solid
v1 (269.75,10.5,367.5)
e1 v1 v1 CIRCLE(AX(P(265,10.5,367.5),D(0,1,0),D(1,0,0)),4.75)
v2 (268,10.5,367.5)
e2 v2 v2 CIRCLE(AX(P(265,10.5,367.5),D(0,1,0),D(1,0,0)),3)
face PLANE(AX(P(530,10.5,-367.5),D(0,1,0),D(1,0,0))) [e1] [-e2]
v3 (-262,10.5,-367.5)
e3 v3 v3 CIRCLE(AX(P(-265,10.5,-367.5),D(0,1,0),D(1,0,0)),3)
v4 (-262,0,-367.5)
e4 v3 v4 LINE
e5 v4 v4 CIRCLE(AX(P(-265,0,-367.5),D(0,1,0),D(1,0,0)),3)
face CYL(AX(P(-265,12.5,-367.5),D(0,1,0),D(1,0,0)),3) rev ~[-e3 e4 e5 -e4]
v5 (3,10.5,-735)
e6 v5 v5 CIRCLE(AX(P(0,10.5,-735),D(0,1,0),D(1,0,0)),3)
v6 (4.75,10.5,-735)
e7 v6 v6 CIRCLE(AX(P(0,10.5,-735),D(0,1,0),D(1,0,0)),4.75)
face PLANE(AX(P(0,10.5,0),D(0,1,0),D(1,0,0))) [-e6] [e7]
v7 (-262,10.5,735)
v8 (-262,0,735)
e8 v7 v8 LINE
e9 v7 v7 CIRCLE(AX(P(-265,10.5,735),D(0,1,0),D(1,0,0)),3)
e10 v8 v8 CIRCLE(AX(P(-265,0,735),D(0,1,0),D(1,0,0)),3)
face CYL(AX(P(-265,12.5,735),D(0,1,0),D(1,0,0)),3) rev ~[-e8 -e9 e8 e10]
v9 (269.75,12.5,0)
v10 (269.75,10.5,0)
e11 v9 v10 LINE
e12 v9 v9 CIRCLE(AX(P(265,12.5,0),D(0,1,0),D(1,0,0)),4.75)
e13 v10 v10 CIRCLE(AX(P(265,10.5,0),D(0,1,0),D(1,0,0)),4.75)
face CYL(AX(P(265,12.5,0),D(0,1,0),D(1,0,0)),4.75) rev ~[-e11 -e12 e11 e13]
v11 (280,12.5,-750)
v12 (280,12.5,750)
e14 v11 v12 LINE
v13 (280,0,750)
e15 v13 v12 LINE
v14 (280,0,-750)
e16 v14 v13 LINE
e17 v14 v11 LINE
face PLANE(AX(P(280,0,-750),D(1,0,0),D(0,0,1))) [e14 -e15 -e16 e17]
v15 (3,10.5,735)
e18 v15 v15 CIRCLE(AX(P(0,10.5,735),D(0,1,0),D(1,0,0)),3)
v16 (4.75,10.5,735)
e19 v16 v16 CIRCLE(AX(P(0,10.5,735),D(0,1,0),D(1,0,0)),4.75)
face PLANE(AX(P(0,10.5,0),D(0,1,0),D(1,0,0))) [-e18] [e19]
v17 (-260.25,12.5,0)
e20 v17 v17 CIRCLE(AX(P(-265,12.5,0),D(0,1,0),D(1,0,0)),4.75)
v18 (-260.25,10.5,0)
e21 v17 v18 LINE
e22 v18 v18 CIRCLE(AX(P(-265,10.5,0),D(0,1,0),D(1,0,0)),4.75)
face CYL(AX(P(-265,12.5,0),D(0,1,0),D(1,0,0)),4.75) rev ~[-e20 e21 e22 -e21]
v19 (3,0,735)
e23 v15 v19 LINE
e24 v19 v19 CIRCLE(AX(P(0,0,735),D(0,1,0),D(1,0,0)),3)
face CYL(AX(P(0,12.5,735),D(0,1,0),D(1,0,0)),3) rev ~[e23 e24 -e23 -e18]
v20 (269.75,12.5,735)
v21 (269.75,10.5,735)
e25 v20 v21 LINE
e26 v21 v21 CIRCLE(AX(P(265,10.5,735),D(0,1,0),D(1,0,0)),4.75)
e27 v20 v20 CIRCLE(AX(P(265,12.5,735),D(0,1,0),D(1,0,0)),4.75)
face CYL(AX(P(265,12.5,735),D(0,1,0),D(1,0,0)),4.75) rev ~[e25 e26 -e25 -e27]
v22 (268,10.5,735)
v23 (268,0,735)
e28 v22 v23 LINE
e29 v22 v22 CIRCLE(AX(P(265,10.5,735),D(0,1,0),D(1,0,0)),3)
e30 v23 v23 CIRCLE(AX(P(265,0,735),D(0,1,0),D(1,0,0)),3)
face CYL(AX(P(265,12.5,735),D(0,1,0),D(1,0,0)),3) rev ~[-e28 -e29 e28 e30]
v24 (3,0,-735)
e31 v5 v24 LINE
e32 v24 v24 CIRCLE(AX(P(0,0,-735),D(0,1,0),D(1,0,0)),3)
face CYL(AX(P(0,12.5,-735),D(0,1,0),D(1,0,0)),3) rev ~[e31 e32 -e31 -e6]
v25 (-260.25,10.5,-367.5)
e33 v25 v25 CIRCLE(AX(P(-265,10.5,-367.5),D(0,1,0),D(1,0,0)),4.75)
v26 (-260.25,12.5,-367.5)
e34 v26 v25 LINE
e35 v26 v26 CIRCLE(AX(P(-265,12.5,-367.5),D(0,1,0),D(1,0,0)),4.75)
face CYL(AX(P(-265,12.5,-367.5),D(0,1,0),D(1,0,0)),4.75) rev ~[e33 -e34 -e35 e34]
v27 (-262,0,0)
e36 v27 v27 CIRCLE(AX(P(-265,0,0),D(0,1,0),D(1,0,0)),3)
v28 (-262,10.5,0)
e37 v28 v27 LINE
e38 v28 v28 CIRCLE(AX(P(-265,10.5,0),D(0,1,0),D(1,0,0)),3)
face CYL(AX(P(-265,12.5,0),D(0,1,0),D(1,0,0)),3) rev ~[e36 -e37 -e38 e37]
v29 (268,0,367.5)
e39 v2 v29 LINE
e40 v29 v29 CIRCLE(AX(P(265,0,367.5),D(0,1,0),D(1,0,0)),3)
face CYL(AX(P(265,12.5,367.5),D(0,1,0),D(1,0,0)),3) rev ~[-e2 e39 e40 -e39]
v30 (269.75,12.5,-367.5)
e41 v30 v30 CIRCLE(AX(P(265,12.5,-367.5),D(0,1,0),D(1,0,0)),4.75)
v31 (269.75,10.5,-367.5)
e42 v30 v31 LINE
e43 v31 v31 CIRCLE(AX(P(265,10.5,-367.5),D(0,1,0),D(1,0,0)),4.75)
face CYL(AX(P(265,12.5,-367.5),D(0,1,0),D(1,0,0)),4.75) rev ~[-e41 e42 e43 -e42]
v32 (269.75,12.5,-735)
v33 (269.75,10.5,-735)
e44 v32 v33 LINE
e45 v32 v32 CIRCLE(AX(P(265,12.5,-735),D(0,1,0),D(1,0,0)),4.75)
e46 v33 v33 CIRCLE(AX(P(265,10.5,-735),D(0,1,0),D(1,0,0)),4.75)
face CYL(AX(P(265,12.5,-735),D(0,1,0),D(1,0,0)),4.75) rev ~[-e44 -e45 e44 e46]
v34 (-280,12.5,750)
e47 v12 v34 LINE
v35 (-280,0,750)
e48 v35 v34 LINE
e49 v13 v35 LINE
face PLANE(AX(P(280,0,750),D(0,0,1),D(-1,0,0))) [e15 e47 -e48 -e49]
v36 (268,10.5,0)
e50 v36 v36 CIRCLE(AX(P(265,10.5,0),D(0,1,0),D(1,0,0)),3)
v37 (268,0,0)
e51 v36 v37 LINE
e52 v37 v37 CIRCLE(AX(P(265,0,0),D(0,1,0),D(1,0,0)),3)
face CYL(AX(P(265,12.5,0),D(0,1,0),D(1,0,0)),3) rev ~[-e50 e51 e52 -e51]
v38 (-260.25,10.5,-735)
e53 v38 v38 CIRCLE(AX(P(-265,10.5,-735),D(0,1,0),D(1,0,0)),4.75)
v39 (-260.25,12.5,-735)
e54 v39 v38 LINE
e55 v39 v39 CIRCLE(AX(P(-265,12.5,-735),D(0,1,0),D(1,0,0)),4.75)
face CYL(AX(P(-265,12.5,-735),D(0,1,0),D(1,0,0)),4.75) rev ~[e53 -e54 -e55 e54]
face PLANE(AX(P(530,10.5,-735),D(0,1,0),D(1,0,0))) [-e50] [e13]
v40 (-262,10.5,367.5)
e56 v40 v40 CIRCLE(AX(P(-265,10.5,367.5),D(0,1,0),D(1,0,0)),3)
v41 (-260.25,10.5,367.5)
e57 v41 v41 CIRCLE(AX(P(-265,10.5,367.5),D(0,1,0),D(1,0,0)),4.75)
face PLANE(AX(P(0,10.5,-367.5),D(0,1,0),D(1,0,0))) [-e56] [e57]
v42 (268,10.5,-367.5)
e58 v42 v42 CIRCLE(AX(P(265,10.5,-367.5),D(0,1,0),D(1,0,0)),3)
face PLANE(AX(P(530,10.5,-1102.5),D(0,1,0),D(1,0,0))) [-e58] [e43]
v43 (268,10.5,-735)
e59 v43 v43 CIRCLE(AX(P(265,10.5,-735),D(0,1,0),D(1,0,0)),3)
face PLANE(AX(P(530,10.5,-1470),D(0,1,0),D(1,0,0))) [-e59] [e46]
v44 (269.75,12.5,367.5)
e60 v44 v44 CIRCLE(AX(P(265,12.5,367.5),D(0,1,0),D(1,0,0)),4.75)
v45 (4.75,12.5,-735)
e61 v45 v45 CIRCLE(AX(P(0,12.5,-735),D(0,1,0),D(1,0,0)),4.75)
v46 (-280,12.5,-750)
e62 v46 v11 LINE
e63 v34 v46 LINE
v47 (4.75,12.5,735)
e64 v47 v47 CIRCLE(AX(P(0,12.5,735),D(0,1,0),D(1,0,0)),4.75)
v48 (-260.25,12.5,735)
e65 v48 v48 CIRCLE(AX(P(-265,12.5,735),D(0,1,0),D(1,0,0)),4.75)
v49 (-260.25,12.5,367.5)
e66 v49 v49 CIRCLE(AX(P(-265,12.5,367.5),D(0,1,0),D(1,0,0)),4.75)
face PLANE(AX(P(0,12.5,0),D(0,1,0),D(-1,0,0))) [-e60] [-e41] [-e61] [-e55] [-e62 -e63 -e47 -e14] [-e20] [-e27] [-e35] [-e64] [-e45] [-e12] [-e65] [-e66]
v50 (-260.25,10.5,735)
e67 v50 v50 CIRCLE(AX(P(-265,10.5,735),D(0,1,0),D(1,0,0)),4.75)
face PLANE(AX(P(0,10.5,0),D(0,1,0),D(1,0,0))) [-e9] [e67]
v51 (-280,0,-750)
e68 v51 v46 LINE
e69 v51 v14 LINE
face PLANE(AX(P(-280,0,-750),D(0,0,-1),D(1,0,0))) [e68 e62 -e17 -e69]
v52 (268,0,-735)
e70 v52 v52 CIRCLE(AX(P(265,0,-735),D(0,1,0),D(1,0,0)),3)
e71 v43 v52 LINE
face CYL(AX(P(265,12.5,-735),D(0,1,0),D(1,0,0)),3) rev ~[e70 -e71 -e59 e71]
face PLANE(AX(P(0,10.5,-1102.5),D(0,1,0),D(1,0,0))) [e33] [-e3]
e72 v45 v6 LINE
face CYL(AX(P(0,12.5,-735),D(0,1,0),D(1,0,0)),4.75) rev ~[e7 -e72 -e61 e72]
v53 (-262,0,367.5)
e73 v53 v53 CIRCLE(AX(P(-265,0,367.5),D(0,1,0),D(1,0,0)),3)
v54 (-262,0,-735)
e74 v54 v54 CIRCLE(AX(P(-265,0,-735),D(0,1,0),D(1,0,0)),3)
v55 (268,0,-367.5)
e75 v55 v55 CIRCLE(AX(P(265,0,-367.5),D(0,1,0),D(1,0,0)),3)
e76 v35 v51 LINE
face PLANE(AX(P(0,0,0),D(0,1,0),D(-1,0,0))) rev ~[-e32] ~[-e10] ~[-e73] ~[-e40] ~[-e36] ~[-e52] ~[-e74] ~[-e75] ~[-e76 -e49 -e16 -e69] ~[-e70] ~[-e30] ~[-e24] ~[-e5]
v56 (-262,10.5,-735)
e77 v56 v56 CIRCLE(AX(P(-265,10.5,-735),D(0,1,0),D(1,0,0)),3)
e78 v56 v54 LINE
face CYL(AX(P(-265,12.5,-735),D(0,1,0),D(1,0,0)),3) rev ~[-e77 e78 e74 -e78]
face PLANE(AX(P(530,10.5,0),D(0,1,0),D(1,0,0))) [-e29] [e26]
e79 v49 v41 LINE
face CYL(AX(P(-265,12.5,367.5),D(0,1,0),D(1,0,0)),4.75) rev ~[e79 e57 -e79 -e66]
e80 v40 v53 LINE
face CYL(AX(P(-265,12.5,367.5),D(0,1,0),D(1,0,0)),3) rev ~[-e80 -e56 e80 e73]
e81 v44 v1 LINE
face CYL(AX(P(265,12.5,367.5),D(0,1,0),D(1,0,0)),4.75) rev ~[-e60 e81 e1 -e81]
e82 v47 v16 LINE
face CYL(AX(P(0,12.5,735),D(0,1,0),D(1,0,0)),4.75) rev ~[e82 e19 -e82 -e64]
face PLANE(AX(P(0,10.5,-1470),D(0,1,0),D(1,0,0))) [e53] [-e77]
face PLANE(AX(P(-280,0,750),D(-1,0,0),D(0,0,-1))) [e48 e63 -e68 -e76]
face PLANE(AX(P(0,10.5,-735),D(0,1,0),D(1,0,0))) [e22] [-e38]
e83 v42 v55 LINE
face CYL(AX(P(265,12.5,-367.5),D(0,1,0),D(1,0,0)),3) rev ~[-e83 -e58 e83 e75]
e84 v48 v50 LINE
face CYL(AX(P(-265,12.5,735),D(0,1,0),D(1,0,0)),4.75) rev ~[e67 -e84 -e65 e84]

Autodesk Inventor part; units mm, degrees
ref_plane "YZ Plane" through (0, 0, 0) normal (1, 0, 0) x (0, 1, 0)
ref_plane "XZ Plane" through (0, 0, 0) normal (0, 1, 0) x (-1, 0, 0)
ref_plane "XY Plane" through (0, 0, 0) normal (0, 0, 1) x (1, 0, 0)
sketch "Sketch1" plane through (0, 0, 0) normal (0, 1, 0) x (-1, 0, 0)
  line L0 (-280, 750) -> (280, 750)
  line L1 (280, 750) -> (280, -750)
  line L2 (280, -750) -> (-280, -750)
  line L3 (-280, -750) -> (-280, 750)
  line L4 (-280, 750) -> (280, -750) construction
  line L5 (280, 750) -> (-280, -750) construction
  point P0 (0, 0)
  dimension "d0" = 1500
  dimension "d1" = 560
extrude "Extrusion1" add sketch "Sketch1" along normal blind 12.5
sketch "Sketch2" plane through (0, 12.5, 0) normal (0, 1, 0) x (1, 0, 0)
  circle A0 centre (-265, -735) radius 3
  line L0 (-280, 750) -> (-280, -750) projected
  line L1 (280, -750) -> (280, 750) projected
  line L2 (-280, -750) -> (280, -750) projected
  dimension "d4" = 6
  dimension "d5" = 15
  dimension "d7" = 15
extrude "Extrusion2" cut sketch "Sketch2" against normal through all
pattern_linear "Rectangular Pattern1" count 5 spacing 367.5 along (0, 0, -1) count 2 spacing 530 along (1, 0, 0) of "Extrusion2"
sketch "Sketch3" plane through (0, 12.5, 0) normal (0, 1, 0) x (1, 0, 0)
  circle A0 centre (0, -735) radius 3
  circle A1 centre (0, 735) radius 3
  line L0 (280, 750) -> (-280, 750) projected
  line L1 (-280, -750) -> (280, -750) projected
  point P0 (0, 0)
  dimension "d16" = 6
  dimension "d17" = 15
  dimension "d18" = 15
  dimension "d19" = 6
extrude "Extrusion3" cut sketch "Sketch3" against normal through all
sketch "Sketch4" plane through (0, 12.5, 0) normal (0, 1, 0) x (1, 0, 0)
  circle A0 centre (-265, -735) radius 3 projected
  circle A1 centre (-265, -735) radius 4.75
  point P0 (0, 0)
  dimension "d22" = 9.5
extrude "Extrusion4" cut sketch "Sketch4" against normal blind 2 contours A0 | A1
pattern_linear "Rectangular Pattern2" count 5 spacing 367.5 along (0, 0, -1) count 2 spacing 530 along (1, 0, 0) of "Extrusion4"
sketch "Sketch5" plane through (0, 12.5, 0) normal (0, 1, 0) x (1, 0, 0)
  circle A0 centre (0, -735) radius 3 projected
  circle A1 centre (0, -735) radius 4.75
  circle A2 centre (0, 735) radius 3 projected
  circle A3 centre (0, 735) radius 4.75
  point P0 (0, 0)
  dimension "d31" = 9.5
  dimension "d32" = 9.5
extrude "Extrusion5" cut sketch "Sketch5" against normal blind 2 contours A0 | A1 | A2 | A3
properties part number "Cobertura" material "Wood (Oak)"
